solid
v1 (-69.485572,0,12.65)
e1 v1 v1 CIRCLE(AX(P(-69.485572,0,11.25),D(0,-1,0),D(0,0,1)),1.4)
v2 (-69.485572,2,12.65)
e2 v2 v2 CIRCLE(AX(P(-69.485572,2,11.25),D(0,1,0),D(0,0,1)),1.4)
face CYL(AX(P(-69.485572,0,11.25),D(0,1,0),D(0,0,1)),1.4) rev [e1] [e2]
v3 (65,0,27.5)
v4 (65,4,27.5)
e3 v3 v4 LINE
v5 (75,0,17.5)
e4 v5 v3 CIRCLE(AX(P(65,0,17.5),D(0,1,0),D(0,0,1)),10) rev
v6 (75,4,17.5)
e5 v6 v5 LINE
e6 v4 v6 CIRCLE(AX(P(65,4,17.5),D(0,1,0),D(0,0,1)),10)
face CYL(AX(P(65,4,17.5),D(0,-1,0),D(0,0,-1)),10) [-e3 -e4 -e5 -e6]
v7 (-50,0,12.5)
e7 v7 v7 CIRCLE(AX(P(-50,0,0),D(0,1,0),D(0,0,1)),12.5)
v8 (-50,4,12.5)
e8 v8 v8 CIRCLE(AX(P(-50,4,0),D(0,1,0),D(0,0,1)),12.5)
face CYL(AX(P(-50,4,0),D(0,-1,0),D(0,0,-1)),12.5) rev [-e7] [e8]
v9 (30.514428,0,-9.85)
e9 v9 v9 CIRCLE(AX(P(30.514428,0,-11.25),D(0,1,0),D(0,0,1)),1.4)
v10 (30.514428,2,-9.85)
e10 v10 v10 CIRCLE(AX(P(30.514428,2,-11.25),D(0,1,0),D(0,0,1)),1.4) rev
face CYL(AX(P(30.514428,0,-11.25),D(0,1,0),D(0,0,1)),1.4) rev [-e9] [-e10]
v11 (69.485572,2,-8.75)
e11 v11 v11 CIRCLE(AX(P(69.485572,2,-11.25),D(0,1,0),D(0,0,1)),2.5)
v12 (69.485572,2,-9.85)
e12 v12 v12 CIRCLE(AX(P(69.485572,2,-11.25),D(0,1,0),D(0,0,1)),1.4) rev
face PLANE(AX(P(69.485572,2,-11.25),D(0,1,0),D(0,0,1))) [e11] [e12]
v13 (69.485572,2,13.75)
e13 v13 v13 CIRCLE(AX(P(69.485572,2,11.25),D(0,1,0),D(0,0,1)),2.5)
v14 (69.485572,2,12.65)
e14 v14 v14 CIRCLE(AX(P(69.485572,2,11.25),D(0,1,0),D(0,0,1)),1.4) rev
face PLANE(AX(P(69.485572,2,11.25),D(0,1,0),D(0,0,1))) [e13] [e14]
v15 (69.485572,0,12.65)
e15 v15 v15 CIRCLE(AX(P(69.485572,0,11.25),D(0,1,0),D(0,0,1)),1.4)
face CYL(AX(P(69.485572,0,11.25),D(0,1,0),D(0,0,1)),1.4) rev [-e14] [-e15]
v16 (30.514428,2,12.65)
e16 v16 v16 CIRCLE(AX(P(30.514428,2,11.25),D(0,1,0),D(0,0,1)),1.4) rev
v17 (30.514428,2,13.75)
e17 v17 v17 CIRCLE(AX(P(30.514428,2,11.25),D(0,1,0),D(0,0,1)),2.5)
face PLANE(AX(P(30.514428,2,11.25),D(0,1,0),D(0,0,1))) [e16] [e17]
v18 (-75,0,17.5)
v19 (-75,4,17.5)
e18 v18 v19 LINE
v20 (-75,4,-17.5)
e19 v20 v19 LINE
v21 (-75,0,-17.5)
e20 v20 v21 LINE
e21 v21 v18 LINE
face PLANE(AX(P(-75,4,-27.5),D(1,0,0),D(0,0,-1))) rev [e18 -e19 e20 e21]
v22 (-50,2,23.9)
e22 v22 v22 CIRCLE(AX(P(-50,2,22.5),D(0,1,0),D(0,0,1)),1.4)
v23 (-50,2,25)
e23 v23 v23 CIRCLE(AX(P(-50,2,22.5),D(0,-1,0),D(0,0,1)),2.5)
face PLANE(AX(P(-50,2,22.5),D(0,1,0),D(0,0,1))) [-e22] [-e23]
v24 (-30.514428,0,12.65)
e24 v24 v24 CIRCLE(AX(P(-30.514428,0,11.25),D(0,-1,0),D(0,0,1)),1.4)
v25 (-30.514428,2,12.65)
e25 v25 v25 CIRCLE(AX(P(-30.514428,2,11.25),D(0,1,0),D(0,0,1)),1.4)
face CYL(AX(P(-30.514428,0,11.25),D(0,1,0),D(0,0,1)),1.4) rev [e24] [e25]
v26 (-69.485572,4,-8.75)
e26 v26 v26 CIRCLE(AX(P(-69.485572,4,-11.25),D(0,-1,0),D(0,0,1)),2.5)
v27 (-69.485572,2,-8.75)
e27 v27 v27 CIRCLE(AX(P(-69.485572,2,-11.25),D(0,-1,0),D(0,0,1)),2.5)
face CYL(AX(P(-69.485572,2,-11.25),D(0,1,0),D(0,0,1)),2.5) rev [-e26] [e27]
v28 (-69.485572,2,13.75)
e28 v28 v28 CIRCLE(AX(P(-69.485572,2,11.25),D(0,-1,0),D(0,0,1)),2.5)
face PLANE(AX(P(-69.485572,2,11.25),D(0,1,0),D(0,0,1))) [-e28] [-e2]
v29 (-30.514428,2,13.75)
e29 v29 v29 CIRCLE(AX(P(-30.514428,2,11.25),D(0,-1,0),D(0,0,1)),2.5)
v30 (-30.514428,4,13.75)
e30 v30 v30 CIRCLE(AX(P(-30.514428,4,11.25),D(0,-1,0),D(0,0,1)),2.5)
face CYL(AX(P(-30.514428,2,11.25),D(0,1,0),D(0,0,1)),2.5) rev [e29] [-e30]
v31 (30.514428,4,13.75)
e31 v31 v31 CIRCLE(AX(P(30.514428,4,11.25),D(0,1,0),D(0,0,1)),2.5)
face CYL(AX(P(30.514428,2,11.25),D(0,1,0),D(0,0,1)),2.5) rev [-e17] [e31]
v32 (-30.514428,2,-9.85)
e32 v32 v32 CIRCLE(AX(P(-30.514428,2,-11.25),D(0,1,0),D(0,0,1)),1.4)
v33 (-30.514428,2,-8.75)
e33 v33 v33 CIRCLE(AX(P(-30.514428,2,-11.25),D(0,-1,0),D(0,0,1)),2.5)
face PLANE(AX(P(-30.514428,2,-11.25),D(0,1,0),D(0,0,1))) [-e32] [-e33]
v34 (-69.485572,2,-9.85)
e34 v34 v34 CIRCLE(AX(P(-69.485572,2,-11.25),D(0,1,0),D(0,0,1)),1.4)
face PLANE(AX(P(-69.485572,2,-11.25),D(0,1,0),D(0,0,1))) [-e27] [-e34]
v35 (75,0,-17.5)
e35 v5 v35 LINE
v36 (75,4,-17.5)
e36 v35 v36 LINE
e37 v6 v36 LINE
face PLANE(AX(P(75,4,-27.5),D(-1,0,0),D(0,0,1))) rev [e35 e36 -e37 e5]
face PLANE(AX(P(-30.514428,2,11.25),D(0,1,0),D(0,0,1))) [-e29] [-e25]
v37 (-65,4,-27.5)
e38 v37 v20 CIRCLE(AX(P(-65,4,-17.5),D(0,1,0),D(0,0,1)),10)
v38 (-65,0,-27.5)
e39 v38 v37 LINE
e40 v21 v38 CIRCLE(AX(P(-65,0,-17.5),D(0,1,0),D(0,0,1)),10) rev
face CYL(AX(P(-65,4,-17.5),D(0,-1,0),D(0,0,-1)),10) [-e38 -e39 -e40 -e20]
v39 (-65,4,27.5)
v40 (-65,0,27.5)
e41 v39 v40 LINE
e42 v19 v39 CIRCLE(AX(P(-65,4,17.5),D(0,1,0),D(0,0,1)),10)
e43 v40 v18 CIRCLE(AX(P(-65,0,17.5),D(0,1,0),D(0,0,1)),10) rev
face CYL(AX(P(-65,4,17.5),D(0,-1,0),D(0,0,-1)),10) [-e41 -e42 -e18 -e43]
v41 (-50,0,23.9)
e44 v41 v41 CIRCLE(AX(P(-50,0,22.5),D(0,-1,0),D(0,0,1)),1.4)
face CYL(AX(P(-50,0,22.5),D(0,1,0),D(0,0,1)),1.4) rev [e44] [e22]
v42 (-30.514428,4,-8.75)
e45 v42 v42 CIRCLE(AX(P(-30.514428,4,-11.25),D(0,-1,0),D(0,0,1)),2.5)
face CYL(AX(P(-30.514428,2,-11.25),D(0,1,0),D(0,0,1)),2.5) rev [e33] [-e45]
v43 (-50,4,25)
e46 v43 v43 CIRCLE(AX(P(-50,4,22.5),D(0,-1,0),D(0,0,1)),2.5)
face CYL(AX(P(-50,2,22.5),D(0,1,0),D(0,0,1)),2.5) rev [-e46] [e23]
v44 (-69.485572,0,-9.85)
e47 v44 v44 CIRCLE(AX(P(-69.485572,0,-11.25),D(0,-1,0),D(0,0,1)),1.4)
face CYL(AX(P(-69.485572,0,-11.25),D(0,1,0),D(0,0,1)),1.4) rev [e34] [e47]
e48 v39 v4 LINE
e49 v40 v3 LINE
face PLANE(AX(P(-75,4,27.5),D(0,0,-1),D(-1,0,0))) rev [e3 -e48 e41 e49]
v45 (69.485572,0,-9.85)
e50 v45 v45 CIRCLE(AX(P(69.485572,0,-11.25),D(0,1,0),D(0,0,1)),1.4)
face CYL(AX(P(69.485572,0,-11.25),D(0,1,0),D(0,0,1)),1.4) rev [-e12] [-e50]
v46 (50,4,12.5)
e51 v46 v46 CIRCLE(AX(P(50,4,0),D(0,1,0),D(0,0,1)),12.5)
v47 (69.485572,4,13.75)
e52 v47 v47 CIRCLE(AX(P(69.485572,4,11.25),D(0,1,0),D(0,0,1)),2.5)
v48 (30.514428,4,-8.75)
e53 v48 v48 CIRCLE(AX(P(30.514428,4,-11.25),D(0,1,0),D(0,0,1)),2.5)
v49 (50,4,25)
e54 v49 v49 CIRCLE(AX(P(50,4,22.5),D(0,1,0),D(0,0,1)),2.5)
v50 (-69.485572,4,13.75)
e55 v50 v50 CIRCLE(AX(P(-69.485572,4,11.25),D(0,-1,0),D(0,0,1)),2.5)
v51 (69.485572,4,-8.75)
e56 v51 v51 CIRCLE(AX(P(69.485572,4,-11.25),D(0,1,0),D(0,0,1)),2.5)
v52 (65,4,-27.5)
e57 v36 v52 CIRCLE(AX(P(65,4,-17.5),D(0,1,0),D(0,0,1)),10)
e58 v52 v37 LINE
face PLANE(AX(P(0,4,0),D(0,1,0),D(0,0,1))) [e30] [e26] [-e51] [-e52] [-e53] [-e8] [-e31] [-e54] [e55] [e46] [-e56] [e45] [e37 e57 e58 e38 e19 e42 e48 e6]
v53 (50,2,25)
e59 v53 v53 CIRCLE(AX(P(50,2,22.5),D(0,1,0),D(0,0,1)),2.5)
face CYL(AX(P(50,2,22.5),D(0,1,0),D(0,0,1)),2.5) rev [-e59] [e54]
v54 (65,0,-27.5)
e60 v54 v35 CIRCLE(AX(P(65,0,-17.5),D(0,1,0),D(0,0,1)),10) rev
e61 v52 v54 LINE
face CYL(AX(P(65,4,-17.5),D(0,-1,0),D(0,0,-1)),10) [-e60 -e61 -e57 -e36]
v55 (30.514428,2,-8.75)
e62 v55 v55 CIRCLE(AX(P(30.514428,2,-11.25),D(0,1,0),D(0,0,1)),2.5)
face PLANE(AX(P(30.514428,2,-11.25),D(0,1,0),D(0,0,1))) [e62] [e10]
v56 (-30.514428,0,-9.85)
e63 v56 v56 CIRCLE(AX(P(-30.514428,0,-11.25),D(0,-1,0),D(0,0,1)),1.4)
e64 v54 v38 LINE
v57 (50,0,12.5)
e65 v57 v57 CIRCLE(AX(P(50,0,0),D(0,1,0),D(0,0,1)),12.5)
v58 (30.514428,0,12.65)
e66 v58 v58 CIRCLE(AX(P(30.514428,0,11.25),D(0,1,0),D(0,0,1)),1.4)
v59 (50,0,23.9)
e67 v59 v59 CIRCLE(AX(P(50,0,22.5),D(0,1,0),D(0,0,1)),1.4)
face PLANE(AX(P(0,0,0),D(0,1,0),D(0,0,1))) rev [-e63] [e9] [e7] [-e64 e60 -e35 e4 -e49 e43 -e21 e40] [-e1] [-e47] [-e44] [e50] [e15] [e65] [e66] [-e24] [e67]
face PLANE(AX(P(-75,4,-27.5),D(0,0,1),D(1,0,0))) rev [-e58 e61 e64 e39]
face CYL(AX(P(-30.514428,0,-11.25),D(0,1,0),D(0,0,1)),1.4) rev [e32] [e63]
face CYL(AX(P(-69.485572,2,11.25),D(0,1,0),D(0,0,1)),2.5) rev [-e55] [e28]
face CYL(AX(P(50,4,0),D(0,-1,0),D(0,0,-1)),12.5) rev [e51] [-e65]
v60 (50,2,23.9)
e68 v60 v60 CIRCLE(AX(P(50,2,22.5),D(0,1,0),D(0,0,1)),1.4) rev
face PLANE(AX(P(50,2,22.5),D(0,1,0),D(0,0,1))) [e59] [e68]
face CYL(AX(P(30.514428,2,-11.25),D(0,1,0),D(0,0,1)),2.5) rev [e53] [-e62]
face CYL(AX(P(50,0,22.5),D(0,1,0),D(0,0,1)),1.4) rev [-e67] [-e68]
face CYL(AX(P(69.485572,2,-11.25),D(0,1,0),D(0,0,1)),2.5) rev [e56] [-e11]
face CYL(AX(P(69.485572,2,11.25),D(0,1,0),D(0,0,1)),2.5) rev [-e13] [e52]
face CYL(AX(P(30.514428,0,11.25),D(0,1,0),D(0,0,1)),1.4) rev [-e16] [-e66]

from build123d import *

# Parameters (mm, degrees)
SKETCH1_W           = 150
SKETCH1_H           = 55
SKETCH1_R           = 12.5
BOSS_EXTRUDE1_DEPTH = 4
SKETCH2_R           = 1.4
CUT_EXTRUDE1_DEPTH  = 80.982810653
SKETCH3_R           = 2.5
CUT_EXTRUDE3_DEPTH  = 2
FILLET1_R           = 10


with BuildPart() as part:
    # Sketch1 → Boss-Extrude1 (new body)
    with BuildSketch(Plane(origin=(0, 0, 0), x_dir=(1, 0, 0), z_dir=(0, 1, 0))):
        Rectangle(SKETCH1_W, SKETCH1_H)
        with Locations(Location((-50, 0, 0), (0, 0, 270))):
            Circle(SKETCH1_R, mode=Mode.SUBTRACT)
        with Locations(Location((50, 0, 0), (0, 0, 270))):
            Circle(SKETCH1_R, mode=Mode.SUBTRACT)
    extrude(amount=BOSS_EXTRUDE1_DEPTH)

    # Sketch2 → Cut-Extrude1 (cut, through all)
    with BuildSketch(Plane(origin=(0, 4, 0), x_dir=(1, 0, 0), z_dir=(0, 1, 0))):
        with Locations(Location((30.514428415, 11.25, 0), (0, 0, 270))):
            Circle(SKETCH2_R)
        with Locations(Location((69.485571585, 11.25, 0), (0, 0, 270))):
            Circle(SKETCH2_R)
        with Locations(Location((69.485571585, -11.25, 0), (0, 0, 270))):
            Circle(SKETCH2_R)
        with Locations(Location((30.514428415, -11.25, 0), (0, 0, 270))):
            Circle(SKETCH2_R)
        with Locations(Location((50, -22.5, 0), (0, 0, 270))):
            Circle(SKETCH2_R)
    cut_extrude1 = extrude(amount=-CUT_EXTRUDE1_DEPTH, mode=Mode.SUBTRACT)

    # Sketch3 → Cut-Extrude3 (cut)
    with BuildSketch(Plane(origin=(0, 4, 0), x_dir=(1, 0, 0), z_dir=(0, 1, 0))):
        with Locations(Location((30.514428415, 11.25, 0), (0, 0, 270))):
            Circle(SKETCH3_R)
        with Locations(Location((30.514428415, -11.25, 0), (0, 0, 270))):
            Circle(SKETCH3_R)
        with Locations(Location((50, -22.5, 0), (0, 0, 270))):
            Circle(SKETCH3_R)
        with Locations(Location((69.485571585, -11.25, 0), (0, 0, 270))):
            Circle(SKETCH3_R)
        with Locations(Location((69.485571585, 11.25, 0), (0, 0, 270))):
            Circle(SKETCH3_R)
    cut_extrude3 = extrude(amount=-CUT_EXTRUDE3_DEPTH, mode=Mode.SUBTRACT)

    # Mirror1: Cut-Extrude1, Cut-Extrude3 across plane
    add(cut_extrude1.mirror(Plane(origin=(0, 0, 0), x_dir=(0, 0, 1), z_dir=(1, 0, 0))), mode=Mode.SUBTRACT)
    add(cut_extrude3.mirror(Plane(origin=(0, 0, 0), x_dir=(0, 0, 1), z_dir=(1, 0, 0))), mode=Mode.SUBTRACT)

    # Fillet1
    fillet1_edges = [part.edges().sort_by_distance(p)[0] for p in [
        (-75, 2, -27.5),
        (75, 2, -27.5),
        (75, 2, 27.5),
        (-75, 2, 27.5),
    ]]
    fillet(fillet1_edges, radius=FILLET1_R)


solid = part.part
